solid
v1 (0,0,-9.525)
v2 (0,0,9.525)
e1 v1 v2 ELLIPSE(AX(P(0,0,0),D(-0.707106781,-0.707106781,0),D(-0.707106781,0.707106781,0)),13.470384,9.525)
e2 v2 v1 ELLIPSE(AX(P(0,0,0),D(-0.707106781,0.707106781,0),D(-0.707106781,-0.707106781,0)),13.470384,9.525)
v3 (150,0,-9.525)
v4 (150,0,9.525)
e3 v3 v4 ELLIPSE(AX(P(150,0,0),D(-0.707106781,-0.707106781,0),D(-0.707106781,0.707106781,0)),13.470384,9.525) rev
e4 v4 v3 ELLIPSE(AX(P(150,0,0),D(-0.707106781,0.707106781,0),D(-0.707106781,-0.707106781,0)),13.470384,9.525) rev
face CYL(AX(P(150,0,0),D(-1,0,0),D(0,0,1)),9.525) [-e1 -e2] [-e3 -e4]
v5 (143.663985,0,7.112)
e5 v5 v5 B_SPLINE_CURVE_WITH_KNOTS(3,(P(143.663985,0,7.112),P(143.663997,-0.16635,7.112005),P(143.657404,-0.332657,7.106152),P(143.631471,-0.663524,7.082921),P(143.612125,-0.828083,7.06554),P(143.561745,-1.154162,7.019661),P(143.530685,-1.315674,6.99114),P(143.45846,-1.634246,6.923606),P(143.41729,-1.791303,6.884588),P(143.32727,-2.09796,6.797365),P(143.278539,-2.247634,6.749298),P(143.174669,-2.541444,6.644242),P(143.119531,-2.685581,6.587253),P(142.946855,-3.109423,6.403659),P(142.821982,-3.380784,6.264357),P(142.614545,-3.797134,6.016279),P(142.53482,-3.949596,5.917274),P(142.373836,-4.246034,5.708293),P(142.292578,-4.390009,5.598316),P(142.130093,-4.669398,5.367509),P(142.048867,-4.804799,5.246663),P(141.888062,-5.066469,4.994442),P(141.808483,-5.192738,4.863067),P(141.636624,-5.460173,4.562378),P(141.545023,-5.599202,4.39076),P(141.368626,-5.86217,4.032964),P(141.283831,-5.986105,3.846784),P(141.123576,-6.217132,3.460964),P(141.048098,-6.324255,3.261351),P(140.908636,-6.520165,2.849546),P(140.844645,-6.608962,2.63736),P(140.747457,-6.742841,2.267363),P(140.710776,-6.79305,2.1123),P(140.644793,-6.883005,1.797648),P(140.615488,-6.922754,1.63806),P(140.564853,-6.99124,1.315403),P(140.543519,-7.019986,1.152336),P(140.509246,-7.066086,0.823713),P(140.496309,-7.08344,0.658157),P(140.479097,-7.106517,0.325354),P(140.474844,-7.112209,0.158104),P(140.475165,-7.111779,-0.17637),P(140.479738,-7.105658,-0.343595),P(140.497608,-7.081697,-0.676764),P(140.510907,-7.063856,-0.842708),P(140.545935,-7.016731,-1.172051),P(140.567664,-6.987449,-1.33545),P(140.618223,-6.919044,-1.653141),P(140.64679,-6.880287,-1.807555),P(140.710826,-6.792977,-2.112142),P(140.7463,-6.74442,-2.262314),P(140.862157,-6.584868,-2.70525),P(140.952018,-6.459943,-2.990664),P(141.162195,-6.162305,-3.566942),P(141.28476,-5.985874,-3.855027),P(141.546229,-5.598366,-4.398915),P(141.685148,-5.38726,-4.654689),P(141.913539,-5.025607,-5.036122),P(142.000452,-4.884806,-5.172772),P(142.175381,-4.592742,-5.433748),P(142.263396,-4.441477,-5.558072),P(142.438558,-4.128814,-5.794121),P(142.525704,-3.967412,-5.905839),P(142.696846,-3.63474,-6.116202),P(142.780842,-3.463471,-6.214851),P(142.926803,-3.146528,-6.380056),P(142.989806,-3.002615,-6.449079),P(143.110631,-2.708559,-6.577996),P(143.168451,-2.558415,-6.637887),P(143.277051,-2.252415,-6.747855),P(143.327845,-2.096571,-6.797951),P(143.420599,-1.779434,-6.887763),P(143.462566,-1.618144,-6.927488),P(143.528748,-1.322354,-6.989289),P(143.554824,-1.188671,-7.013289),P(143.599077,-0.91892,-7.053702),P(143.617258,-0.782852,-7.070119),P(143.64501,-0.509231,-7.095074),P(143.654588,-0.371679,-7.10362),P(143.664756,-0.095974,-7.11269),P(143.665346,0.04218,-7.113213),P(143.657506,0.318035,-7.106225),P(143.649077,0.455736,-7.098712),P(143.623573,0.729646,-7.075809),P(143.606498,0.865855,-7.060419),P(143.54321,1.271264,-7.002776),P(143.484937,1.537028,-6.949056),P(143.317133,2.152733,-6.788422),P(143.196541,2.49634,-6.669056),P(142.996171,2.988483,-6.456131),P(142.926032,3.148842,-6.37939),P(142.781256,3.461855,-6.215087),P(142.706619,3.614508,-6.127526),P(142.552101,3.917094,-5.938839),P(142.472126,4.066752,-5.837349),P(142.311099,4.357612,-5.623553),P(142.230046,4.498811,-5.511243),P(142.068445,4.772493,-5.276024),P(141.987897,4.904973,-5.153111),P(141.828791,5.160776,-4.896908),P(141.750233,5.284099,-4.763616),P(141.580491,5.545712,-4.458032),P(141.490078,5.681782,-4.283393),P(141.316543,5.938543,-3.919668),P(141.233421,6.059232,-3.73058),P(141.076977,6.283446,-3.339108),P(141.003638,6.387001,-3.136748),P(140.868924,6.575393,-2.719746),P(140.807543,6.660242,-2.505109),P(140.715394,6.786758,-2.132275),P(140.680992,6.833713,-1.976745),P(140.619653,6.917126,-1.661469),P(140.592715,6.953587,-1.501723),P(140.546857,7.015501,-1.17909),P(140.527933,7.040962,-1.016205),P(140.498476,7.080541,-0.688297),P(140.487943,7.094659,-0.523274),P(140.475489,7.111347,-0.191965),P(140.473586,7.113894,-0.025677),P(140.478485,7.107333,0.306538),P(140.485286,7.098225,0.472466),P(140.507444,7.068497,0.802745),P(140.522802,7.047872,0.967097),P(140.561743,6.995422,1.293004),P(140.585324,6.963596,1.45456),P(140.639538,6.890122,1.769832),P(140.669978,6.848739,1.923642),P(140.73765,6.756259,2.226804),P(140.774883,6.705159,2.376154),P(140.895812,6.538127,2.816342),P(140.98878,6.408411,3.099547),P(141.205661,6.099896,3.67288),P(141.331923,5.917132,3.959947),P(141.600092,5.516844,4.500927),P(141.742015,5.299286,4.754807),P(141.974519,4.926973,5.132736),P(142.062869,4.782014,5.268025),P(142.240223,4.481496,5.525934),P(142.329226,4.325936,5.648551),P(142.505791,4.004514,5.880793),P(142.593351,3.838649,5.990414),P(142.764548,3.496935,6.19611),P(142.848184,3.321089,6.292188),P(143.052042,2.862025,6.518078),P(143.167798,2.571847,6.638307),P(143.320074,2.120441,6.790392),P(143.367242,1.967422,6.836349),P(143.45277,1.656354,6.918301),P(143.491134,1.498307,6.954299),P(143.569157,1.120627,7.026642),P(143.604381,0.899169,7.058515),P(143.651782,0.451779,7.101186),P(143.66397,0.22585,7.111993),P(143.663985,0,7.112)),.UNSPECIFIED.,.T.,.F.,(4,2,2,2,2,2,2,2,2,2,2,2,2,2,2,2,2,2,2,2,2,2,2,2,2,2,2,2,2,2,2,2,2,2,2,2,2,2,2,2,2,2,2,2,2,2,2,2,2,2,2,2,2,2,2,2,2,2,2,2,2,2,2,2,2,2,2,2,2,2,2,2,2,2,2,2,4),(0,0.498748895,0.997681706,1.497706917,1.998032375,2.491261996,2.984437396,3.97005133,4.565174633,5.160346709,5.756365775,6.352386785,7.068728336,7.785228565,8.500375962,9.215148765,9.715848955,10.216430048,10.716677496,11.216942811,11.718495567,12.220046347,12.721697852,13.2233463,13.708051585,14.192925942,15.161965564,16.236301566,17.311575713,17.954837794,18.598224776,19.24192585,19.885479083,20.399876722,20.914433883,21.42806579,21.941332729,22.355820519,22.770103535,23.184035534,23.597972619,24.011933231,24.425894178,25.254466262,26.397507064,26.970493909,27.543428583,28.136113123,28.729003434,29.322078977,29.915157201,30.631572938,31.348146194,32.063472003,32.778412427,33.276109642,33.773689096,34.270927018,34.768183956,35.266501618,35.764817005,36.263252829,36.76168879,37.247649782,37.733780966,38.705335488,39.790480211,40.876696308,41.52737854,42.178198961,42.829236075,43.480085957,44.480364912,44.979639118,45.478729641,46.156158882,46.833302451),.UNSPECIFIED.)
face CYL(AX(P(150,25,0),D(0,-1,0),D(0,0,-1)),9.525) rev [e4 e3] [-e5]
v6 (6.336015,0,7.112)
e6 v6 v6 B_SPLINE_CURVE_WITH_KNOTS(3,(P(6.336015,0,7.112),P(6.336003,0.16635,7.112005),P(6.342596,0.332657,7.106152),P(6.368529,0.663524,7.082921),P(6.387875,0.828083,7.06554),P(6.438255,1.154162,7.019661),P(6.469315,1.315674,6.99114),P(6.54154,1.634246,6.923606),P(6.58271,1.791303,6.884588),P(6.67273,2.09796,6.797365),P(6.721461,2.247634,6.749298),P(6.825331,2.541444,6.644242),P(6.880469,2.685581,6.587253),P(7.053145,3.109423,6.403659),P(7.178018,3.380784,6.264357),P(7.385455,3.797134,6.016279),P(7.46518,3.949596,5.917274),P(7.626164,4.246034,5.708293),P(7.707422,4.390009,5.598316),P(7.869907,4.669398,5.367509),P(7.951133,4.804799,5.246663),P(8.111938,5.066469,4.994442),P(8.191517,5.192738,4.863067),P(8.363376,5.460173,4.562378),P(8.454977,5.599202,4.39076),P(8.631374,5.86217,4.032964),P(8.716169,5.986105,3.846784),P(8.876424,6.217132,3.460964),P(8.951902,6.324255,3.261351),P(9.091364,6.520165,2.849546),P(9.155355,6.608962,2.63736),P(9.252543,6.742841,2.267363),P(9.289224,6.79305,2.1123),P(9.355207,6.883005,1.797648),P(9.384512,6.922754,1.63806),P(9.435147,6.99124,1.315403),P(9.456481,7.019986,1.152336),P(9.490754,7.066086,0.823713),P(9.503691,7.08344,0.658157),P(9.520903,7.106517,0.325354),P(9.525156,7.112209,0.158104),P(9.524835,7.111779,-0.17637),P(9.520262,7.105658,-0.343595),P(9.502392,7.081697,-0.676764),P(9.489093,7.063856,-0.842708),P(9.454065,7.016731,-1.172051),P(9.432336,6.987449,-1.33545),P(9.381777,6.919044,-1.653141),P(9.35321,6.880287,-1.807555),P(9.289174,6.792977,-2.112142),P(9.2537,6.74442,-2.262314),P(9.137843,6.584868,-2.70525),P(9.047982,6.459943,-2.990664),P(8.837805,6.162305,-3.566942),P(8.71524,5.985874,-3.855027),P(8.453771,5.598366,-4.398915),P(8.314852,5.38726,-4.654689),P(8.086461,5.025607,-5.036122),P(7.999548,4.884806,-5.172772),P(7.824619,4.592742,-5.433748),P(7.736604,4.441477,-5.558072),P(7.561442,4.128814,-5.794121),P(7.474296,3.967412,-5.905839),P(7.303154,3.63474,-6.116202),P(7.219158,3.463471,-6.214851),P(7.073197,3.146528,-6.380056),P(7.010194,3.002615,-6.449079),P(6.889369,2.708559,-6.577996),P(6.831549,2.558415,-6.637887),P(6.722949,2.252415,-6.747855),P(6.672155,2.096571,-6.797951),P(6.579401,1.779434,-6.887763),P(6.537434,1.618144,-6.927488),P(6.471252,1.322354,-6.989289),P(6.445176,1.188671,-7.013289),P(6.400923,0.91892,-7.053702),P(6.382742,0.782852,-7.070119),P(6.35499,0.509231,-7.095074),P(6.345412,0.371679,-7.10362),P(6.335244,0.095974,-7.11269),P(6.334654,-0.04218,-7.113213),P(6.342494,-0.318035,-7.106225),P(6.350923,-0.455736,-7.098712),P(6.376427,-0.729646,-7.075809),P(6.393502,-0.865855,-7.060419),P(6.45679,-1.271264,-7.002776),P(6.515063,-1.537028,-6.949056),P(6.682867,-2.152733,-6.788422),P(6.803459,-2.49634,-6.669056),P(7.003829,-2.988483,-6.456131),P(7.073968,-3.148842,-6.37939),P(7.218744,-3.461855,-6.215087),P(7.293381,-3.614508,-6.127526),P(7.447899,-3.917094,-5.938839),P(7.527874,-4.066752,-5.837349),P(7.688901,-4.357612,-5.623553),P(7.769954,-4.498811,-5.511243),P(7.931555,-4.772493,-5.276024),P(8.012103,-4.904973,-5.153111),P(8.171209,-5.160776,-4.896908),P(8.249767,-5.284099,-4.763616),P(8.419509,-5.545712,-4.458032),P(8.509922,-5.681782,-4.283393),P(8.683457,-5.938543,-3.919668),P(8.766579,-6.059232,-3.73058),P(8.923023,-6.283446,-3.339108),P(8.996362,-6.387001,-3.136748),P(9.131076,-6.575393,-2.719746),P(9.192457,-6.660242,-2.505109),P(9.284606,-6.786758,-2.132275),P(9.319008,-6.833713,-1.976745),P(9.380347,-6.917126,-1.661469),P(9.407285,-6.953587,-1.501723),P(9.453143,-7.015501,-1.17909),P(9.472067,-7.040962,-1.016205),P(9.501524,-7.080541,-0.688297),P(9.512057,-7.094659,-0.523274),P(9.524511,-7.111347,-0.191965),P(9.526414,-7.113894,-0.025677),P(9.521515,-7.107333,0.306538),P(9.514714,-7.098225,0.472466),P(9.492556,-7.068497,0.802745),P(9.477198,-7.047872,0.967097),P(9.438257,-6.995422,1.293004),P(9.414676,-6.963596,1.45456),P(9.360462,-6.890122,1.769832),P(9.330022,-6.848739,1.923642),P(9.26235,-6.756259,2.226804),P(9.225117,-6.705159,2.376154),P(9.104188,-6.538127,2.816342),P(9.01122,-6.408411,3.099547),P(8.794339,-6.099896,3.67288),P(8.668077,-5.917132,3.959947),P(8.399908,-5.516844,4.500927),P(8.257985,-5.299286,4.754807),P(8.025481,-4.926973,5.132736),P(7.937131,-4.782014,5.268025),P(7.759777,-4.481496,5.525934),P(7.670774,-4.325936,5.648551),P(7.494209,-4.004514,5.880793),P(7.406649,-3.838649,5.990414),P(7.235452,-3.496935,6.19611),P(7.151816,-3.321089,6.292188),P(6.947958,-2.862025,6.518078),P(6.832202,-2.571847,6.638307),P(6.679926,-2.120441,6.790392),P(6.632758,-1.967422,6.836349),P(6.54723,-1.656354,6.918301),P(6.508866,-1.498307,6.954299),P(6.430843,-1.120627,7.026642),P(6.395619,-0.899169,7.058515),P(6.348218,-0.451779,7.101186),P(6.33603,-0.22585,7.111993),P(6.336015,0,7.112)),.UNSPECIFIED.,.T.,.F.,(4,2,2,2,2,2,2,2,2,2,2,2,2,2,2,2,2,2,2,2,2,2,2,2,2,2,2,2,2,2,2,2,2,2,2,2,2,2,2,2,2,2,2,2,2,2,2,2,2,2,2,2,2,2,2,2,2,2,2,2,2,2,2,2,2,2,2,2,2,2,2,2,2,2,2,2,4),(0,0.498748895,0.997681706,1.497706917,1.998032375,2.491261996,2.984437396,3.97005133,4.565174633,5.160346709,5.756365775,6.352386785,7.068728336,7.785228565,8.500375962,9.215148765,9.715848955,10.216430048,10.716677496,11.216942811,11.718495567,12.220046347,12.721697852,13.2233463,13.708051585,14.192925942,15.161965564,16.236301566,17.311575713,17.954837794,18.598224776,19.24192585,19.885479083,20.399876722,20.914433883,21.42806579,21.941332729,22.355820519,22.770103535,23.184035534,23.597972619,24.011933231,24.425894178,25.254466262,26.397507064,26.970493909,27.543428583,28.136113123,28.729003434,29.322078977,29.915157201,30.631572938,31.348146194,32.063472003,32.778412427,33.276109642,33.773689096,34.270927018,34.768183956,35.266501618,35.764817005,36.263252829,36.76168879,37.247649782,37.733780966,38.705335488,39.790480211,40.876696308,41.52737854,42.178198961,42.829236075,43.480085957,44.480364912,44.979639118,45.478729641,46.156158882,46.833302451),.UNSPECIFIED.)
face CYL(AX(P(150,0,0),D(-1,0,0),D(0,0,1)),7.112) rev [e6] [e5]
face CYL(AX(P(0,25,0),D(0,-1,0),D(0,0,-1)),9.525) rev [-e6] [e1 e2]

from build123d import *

# Parameters (mm, degrees)
SKETCH1_R               = 9.525
SKETCH1_R_2             = 7.112
BOSS_EXTRUDE1_DEPTH     = 150
CUT_EXTRUDE1_DEPTH      = 25
CUT_EXTRUDE1_DEPTH_BACK = 25
SKETCH2_R               = 9.525


with BuildPart() as part:
    # Sketch1 → Boss-Extrude1 (new body)
    with BuildSketch(Plane(origin=(0, 0, 0), x_dir=(0, 0, -1), z_dir=(1, 0, 0))):
        Circle(SKETCH1_R)
        Circle(SKETCH1_R_2, mode=Mode.SUBTRACT)
    extrude(amount=BOSS_EXTRUDE1_DEPTH)

    # Sketch2 → Cut-Extrude1 (cut, two sides: drawn at the far end of the back side and taken through both)
    with BuildSketch(Plane(origin=(0, 0, 0), x_dir=(1, 0, 0), z_dir=(0, 1, 0)).offset(-CUT_EXTRUDE1_DEPTH_BACK)):
        Circle(SKETCH2_R)
        with Locations((150, 0)):
            Circle(SKETCH2_R)
    extrude(amount=CUT_EXTRUDE1_DEPTH + CUT_EXTRUDE1_DEPTH_BACK, mode=Mode.SUBTRACT)


solid = part.part
